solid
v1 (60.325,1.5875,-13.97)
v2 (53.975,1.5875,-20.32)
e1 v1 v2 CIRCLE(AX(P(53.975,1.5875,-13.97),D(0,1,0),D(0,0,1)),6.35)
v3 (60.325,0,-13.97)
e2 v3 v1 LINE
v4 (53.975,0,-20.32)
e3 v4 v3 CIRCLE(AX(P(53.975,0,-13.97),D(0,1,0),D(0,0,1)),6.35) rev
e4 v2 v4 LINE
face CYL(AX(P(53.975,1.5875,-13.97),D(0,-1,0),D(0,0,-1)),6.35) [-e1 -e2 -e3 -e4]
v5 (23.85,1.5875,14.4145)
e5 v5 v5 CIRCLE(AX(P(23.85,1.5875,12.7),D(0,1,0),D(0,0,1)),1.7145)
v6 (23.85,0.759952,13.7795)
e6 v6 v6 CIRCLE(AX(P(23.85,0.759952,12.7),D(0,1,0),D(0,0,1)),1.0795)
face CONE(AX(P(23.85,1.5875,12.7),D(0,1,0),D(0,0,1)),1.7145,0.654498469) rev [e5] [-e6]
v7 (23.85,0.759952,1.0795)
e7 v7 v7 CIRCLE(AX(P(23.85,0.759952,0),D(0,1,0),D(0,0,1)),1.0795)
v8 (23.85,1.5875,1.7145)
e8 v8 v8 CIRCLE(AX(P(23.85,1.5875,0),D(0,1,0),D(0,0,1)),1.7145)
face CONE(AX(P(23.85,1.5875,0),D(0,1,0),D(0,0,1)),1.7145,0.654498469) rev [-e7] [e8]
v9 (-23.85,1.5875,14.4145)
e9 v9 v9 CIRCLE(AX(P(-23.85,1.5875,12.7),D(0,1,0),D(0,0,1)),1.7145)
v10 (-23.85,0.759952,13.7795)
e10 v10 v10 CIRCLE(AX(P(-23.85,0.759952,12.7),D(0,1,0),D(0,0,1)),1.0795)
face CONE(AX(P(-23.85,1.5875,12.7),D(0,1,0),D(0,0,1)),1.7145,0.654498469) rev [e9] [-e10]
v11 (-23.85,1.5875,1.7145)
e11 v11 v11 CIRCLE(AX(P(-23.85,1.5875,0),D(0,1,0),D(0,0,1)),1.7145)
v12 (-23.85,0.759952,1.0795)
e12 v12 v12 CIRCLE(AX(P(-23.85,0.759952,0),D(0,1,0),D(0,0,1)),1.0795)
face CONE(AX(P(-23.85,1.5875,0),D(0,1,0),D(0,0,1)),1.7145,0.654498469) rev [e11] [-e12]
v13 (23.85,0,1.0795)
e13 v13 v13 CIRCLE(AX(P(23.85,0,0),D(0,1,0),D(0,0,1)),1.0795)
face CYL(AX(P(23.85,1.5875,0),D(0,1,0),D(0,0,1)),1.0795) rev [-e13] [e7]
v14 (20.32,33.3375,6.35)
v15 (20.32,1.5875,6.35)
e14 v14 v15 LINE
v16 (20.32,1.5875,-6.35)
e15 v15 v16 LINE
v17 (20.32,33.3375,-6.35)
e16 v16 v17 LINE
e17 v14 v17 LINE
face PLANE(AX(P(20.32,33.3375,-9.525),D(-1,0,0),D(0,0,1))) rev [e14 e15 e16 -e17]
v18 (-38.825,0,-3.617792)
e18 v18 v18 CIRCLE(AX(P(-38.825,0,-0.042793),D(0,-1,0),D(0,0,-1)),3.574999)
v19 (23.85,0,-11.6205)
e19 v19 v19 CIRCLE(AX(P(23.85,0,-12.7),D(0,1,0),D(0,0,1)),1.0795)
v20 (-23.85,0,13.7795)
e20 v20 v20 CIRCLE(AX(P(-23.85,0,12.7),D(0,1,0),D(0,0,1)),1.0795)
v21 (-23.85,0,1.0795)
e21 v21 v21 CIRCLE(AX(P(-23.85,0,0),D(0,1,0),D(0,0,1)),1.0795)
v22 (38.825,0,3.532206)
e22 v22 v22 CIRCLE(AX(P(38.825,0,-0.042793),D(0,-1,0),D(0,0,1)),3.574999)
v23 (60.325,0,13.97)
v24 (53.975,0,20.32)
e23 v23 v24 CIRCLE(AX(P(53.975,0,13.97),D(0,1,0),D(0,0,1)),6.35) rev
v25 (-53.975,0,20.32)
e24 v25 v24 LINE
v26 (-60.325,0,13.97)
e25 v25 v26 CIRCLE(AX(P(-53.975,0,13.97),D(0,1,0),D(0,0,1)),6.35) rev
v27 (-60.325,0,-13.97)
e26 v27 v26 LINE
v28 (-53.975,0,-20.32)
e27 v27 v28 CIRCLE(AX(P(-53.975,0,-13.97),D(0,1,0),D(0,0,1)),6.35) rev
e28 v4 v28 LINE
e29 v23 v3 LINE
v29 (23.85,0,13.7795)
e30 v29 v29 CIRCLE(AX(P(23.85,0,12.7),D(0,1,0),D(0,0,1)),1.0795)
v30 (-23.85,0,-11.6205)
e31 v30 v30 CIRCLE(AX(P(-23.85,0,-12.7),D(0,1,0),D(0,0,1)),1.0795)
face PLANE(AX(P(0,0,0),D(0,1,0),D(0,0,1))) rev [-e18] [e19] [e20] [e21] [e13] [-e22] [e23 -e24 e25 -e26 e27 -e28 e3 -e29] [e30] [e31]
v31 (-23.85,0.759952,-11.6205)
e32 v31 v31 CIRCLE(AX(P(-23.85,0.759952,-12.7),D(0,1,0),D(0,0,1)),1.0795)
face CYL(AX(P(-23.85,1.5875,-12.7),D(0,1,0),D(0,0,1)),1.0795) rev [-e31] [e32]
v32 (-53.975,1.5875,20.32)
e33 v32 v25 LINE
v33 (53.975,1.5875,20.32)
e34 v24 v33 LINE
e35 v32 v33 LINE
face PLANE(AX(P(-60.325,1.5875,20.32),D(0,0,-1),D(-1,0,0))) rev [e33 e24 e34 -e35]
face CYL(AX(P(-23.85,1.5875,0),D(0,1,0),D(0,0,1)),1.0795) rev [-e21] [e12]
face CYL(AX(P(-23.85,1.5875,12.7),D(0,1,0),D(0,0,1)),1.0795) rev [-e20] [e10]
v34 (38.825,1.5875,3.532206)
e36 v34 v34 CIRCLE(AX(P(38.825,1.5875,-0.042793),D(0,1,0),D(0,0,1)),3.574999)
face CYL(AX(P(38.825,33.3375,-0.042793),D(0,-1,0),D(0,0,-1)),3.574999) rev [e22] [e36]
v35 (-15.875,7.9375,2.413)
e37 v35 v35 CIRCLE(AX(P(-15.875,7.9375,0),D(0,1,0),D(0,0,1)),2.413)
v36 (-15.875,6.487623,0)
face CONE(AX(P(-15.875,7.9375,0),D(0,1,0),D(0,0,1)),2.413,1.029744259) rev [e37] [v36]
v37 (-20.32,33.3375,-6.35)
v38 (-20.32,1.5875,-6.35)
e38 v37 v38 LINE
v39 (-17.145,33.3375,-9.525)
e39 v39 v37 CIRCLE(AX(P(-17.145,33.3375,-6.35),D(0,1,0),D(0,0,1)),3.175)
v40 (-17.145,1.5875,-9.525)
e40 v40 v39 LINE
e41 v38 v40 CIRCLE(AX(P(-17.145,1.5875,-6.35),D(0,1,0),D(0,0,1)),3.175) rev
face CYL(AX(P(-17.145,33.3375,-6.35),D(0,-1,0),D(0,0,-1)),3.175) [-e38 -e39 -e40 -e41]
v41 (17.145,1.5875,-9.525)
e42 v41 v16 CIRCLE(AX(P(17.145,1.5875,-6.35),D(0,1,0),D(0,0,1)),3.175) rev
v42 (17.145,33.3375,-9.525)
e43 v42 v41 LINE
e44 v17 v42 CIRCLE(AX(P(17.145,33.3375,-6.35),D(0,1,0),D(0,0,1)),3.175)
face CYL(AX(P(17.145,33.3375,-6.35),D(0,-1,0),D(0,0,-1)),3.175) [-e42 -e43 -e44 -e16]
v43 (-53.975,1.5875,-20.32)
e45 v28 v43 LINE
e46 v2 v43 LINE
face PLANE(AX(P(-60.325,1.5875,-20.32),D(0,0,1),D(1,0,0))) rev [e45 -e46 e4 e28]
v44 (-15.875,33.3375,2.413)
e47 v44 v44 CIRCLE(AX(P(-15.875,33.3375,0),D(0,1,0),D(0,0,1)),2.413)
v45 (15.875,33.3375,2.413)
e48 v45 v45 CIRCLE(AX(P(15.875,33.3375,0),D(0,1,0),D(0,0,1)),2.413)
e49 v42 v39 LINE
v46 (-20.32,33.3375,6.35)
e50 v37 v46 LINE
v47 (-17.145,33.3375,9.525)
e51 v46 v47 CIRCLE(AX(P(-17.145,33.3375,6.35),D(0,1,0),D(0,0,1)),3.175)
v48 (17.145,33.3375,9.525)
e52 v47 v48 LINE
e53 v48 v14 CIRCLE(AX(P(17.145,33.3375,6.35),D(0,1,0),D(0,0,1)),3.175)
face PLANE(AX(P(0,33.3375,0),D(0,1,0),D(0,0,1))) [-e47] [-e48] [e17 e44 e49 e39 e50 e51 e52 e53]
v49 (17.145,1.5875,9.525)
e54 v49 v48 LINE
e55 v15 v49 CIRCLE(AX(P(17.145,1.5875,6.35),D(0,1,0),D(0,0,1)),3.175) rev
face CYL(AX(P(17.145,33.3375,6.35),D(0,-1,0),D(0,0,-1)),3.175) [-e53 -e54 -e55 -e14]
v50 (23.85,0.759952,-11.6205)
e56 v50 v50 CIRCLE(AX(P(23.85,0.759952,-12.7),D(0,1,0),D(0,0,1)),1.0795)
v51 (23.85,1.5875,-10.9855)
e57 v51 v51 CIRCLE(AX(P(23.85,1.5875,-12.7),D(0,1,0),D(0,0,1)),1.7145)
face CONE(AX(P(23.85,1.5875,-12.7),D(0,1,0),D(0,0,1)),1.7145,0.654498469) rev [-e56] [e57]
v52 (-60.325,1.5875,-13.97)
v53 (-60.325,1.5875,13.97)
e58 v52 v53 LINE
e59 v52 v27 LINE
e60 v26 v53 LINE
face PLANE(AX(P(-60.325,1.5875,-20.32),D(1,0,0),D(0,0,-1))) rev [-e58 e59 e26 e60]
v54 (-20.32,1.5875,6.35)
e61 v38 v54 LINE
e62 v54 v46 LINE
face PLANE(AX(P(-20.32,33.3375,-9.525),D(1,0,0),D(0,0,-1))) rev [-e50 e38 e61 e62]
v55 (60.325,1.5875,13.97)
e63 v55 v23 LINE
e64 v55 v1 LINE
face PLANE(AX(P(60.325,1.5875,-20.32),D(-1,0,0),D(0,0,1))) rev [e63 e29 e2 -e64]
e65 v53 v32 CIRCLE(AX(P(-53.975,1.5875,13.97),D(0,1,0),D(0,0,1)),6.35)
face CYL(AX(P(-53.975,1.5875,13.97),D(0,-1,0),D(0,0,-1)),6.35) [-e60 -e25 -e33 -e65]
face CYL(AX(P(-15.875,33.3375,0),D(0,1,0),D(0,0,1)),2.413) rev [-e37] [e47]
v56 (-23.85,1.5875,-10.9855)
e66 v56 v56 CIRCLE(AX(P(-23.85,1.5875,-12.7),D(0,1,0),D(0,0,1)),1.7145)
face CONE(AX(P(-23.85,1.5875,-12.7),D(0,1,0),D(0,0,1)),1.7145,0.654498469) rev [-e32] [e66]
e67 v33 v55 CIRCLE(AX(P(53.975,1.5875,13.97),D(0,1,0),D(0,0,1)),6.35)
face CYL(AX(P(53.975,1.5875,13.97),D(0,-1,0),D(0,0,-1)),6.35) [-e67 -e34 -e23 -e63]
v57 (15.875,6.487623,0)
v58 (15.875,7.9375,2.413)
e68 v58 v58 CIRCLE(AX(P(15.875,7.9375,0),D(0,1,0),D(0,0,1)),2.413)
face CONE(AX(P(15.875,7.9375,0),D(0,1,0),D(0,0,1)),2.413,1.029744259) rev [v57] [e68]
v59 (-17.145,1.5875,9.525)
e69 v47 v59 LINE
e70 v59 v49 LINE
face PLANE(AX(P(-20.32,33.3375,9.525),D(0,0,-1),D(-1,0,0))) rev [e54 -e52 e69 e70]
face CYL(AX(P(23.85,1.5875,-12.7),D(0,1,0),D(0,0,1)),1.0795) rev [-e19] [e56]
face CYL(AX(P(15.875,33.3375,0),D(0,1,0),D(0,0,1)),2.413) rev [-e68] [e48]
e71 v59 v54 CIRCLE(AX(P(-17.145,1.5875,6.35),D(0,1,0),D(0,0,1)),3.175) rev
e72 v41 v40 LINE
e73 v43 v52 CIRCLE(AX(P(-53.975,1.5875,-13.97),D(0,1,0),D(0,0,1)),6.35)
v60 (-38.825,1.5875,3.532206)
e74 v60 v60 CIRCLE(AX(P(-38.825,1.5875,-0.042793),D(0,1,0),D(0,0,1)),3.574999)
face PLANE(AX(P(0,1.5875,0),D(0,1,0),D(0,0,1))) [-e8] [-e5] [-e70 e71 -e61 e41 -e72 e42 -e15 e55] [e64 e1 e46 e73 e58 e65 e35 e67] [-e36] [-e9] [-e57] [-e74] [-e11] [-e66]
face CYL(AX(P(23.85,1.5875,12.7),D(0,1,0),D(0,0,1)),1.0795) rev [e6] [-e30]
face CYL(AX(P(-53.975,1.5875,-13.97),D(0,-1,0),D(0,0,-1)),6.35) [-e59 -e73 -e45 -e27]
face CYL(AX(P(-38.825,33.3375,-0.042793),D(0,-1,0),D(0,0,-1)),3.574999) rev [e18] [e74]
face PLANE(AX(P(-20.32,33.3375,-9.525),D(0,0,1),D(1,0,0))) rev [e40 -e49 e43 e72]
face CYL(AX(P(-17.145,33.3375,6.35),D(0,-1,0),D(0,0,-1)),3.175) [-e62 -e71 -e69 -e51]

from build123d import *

# Parameters (mm, degrees)
SKETCH1_W                      = 120.65
SKETCH1_H                      = 40.64
BOSS_EXTRUDE1_DEPTH            = 1.5875
FILLET1_R                      = 6.35
SKETCH2_W                      = 40.64
SKETCH2_H                      = 19.05
BOSS_EXTRUDE2_DEPTH            = 31.75
FILLET2_R                      = 3.175
F_10_CLEARANCE_HOLE1_D         = 4.826
F_10_CLEARANCE_HOLE1_DEPTH     = 25.4
F_10_CLEARANCE_HOLE1_TIP       = 1.449876674
F_2_CLEARANCE_HOLE1_AT_2_COUNT = 2
F_2_CLEARANCE_HOLE1_AT_2_PITCH = 12.7
F_2_CLEARANCE_HOLE1_AT_3_COUNT = 2
F_2_CLEARANCE_HOLE1_AT_3_PITCH = 25.4
F_2_CLEARANCE_HOLE1_AT_4_COUNT = 2
F_2_CLEARANCE_HOLE1_AT_4_PITCH = 54.041188126
F_2_CLEARANCE_HOLE1_AT_5_COUNT = 2
F_2_CLEARANCE_HOLE1_AT_5_PITCH = 49.361726207
F_2_CLEARANCE_HOLE1_AT_6_COUNT = 2
F_2_CLEARANCE_HOLE1_AT_6_PITCH = 47.700000148
SKETCH13_R                     = 3.5749992
CUT_EXTRUDE1_DEPTH             = 72.856780691


with BuildPart() as part:
    # Sketch1 → Boss-Extrude1 (new body)
    with BuildSketch(Plane(origin=(0, 0, 0), x_dir=(1, 0, 0), z_dir=(0, 1, 0))):
        Rectangle(SKETCH1_W, SKETCH1_H)
    extrude(amount=BOSS_EXTRUDE1_DEPTH)

    # Fillet1
    fillet1_edges = [part.edges().sort_by_distance(p)[0] for p in [
        (60.325, 0.79375, 20.32),
        (-60.325, 0.79375, 20.32),
        (-60.325, 0.79375, -20.32),
        (60.325, 0.79375, -20.32),
    ]]
    fillet(fillet1_edges, radius=FILLET1_R)

    # Sketch2 → Boss-Extrude2 (add)
    with BuildSketch(Plane(origin=(0, 1.5875, 0), x_dir=(1, 0, 0), z_dir=(0, 1, 0))):
        Rectangle(SKETCH2_W, SKETCH2_H)
    extrude(amount=BOSS_EXTRUDE2_DEPTH)

    # Fillet2
    fillet2_edges = [part.edges().sort_by_distance(p)[0] for p in [
        (20.32, 17.4625, 9.525),
        (20.32, 17.4625, -9.525),
        (-20.32, 17.4625, -9.525),
        (-20.32, 17.4625, 9.525),
    ]]
    fillet(fillet2_edges, radius=FILLET2_R)

    # #10 Clearance Hole1
    with Locations(Plane(origin=(0, 33.3375, 0), x_dir=(1, 0, 0), z_dir=(0, 1, 0))):
        with Locations((-15.875, 0), (15.875, 0)):
            Hole(F_10_CLEARANCE_HOLE1_D / 2, depth=F_10_CLEARANCE_HOLE1_DEPTH)
            with Locations((0, 0, -(F_10_CLEARANCE_HOLE1_DEPTH + F_10_CLEARANCE_HOLE1_TIP / 2))):  # 118° drill point
                Cone(0, F_10_CLEARANCE_HOLE1_D / 2, F_10_CLEARANCE_HOLE1_TIP, mode=Mode.SUBTRACT)

    # Sketch12 → #2 Clearance Hole1 (revolve, cut)
    with BuildSketch(Plane(origin=(-23.850000074, 1.5875, -12.7), x_dir=(0, 0, 1), z_dir=(1, 0, 0))):
        Polygon((0, 0), (0, 1.5875), (1.0795, 1.5875), (1.0795, 0.827548112), (1.7145, 0), align=None)
    f_2_clearance_hole1 = revolve(axis=Axis((-23.850000074, 7.9375, -12.7), (0, -1, 0)), mode=Mode.SUBTRACT)

    # #2 Clearance Hole1 at 2: #2 Clearance Hole1 ×2
    with Locations(*[(0, 0, i * F_2_CLEARANCE_HOLE1_AT_2_PITCH) for i in range(1, F_2_CLEARANCE_HOLE1_AT_2_COUNT)]):
        add(f_2_clearance_hole1, mode=Mode.SUBTRACT)

    # #2 Clearance Hole1 at 3: #2 Clearance Hole1 ×2
    with Locations(*[(0, 0, i * F_2_CLEARANCE_HOLE1_AT_3_PITCH) for i in range(1, F_2_CLEARANCE_HOLE1_AT_3_COUNT)]):
        add(f_2_clearance_hole1, mode=Mode.SUBTRACT)

    # #2 Clearance Hole1 at 4: #2 Clearance Hole1 ×2
    with Locations(*[Vector(0.8826600931937462, 0, 0.4700118720662355) * (i * F_2_CLEARANCE_HOLE1_AT_4_PITCH) for i in range(1, F_2_CLEARANCE_HOLE1_AT_4_COUNT)]):
        add(f_2_clearance_hole1, mode=Mode.SUBTRACT)

    # #2 Clearance Hole1 at 5: #2 Clearance Hole1 ×2
    with Locations(*[Vector(0.9663357385056085, 0, 0.2572843572524773) * (i * F_2_CLEARANCE_HOLE1_AT_5_PITCH) for i in range(1, F_2_CLEARANCE_HOLE1_AT_5_COUNT)]):
        add(f_2_clearance_hole1, mode=Mode.SUBTRACT)

    # #2 Clearance Hole1 at 6: #2 Clearance Hole1 ×2
    with Locations(*[(i * F_2_CLEARANCE_HOLE1_AT_6_PITCH, 0, 0) for i in range(1, F_2_CLEARANCE_HOLE1_AT_6_COUNT)]):
        add(f_2_clearance_hole1, mode=Mode.SUBTRACT)

    # Sketch13 → Cut-Extrude1 (cut, through all)
    with BuildSketch(Plane(origin=(0, 0, 0), x_dir=(-1, 0, 0), z_dir=(0, -1, 0))):
        with Locations(Location((38.825000074, 0.042792778, 0), (0, 0, 90))):
            Circle(SKETCH13_R)
        with Locations(Location((-38.825000074, 0.042792778, 0), (0, 0, 270))):
            Circle(SKETCH13_R)
    extrude(amount=-CUT_EXTRUDE1_DEPTH, mode=Mode.SUBTRACT)


solid = part.part
